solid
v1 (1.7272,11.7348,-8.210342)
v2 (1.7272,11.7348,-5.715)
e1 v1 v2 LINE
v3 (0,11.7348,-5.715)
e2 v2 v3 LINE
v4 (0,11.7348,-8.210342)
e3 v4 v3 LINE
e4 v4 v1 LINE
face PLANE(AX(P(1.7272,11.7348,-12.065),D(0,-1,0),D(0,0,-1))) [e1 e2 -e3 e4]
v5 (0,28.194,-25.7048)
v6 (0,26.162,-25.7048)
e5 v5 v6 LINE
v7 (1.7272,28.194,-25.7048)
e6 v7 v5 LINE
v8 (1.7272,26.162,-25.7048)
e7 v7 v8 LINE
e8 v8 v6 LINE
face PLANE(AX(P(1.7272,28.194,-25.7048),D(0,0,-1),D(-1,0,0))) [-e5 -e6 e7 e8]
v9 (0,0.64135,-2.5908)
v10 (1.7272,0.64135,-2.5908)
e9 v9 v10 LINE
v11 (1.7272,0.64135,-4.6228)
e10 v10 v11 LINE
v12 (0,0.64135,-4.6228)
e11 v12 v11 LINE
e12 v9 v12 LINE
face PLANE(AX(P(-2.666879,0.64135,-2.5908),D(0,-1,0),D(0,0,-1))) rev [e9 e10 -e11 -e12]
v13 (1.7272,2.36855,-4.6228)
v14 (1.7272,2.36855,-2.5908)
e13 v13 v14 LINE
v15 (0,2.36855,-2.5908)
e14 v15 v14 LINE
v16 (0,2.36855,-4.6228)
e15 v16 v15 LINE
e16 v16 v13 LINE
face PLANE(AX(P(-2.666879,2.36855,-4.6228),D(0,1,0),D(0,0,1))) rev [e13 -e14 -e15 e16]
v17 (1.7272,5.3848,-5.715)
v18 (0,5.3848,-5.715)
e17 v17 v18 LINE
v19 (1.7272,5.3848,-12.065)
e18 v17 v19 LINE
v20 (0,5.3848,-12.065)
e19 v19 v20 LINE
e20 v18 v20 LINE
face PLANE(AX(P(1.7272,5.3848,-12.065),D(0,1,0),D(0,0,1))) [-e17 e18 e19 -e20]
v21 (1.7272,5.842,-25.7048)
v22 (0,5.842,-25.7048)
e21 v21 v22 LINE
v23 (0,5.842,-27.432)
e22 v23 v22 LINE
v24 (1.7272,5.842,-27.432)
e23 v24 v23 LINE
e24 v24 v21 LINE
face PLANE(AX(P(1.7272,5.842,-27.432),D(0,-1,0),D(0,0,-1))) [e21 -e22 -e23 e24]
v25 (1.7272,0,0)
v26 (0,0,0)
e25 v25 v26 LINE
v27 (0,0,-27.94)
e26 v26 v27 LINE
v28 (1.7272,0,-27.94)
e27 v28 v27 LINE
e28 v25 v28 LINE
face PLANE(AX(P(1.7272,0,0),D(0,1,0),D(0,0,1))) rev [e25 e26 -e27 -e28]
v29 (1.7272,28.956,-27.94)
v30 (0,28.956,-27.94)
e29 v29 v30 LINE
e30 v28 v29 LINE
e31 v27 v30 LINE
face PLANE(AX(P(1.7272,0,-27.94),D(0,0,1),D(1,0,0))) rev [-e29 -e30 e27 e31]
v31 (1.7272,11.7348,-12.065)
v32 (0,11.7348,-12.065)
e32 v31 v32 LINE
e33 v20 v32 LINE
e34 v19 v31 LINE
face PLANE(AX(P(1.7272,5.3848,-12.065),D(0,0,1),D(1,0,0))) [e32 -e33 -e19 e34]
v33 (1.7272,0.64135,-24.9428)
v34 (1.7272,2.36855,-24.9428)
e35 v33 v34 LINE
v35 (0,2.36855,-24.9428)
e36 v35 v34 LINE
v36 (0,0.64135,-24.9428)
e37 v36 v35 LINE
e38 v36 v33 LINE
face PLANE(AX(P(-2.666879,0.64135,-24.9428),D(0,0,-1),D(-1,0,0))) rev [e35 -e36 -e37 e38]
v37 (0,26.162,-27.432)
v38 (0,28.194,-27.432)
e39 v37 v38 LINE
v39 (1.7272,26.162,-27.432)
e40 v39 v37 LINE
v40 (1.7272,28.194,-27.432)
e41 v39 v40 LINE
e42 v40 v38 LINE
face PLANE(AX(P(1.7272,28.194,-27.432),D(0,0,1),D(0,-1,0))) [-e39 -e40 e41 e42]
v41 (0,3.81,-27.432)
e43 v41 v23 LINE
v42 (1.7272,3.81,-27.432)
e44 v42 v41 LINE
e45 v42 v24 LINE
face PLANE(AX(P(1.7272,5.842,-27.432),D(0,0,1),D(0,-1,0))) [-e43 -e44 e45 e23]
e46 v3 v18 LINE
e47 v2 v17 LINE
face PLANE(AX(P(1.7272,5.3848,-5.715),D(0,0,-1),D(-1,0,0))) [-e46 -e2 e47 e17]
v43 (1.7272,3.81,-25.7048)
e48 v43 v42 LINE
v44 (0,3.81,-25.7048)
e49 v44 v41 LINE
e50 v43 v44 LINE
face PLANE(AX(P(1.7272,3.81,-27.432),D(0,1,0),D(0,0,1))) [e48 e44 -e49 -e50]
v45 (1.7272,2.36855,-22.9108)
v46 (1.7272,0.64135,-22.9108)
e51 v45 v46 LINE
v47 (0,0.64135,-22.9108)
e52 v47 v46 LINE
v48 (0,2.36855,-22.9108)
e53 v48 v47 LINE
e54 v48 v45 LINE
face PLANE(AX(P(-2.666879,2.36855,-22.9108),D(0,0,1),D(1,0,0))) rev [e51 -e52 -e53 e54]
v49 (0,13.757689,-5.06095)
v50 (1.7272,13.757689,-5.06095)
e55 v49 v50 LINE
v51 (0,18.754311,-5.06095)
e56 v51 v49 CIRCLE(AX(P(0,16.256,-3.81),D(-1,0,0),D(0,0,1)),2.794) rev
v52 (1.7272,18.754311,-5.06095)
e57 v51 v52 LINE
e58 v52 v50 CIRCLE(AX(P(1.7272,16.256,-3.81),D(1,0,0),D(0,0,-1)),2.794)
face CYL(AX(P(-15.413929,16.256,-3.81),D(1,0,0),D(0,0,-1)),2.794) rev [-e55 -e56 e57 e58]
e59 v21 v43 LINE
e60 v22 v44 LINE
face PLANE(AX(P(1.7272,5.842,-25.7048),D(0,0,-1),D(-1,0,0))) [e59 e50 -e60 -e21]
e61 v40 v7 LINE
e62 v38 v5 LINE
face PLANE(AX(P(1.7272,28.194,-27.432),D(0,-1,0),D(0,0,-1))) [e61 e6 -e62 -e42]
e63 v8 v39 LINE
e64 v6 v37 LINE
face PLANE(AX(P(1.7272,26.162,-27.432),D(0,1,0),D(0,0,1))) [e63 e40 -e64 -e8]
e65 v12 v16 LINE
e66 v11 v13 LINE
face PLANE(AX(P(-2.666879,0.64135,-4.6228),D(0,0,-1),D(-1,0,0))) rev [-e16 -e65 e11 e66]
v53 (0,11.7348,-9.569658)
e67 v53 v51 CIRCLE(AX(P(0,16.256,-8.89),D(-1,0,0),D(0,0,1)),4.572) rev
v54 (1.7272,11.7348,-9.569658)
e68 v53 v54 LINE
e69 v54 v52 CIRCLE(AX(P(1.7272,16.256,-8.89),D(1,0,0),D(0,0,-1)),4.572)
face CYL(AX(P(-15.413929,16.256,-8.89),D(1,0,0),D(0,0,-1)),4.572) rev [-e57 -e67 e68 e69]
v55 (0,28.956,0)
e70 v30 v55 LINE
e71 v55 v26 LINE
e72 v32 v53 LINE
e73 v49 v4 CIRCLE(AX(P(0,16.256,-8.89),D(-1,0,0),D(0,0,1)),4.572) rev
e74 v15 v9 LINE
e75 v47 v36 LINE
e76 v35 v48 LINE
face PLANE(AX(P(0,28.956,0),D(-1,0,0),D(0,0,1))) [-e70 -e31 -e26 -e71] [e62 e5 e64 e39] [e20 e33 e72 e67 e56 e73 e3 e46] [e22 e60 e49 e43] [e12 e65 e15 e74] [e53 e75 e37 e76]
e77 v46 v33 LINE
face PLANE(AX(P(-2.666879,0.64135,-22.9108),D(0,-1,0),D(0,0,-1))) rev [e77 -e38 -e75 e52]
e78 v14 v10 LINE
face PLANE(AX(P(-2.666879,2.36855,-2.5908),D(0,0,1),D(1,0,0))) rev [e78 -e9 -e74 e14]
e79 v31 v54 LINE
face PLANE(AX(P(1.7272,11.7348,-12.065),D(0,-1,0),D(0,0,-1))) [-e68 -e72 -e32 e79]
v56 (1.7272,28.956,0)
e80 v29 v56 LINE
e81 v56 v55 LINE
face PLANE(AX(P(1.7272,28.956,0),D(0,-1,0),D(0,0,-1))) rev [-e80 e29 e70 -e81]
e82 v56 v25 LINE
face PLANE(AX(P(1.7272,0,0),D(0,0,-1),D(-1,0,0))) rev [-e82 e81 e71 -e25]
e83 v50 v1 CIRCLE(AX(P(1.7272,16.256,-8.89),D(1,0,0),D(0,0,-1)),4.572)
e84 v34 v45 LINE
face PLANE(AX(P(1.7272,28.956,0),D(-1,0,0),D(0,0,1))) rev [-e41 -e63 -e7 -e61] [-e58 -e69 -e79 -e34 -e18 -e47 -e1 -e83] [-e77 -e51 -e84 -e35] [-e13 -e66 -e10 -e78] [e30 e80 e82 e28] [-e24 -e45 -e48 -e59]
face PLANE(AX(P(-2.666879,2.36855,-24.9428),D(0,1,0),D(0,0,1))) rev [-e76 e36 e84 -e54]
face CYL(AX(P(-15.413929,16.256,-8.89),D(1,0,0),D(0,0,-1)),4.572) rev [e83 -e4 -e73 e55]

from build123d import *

# Parameters (mm, degrees)
SKETCH1_W           = 27.94
SKETCH1_H           = 28.956
SKETCH1_W_2         = 6.35
SKETCH1_H_2         = 6.35
SKETCH1_W_3         = 1.7272
SKETCH1_H_3         = 2.032
BOSS_EXTRUDE1_DEPTH = 1.7272
SKETCH3_W           = 2.032
SKETCH3_H           = 1.7272
CUT_EXTRUDE1_DEPTH  = 1.7272
SKETCH4_R           = 4.572
SKETCH4_R_2         = 2.794
CUT_EXTRUDE4_DEPTH  = 1.7272


with BuildPart() as part:
    # Sketch1 → Boss-Extrude1 (new body)
    with BuildSketch(Plane(origin=(0, 0, 0), x_dir=(0, 0, -1), z_dir=(1, 0, 0))):
        with Locations((13.97, 14.478)):
            Rectangle(SKETCH1_W, SKETCH1_H)
        with Locations((8.89, 8.5598)):
            Rectangle(SKETCH1_W_2, SKETCH1_H_2, mode=Mode.SUBTRACT)
        with Locations((26.5684, 4.826)):
            Rectangle(SKETCH1_W_3, SKETCH1_H_3, mode=Mode.SUBTRACT)
        with Locations((26.5684, 27.178)):
            Rectangle(SKETCH1_W_3, SKETCH1_H_3, mode=Mode.SUBTRACT)
    extrude(amount=BOSS_EXTRUDE1_DEPTH)

    # Sketch3 → Cut-Extrude1 (cut)
    with BuildSketch(Plane(origin=(1.7272, 0, 0), x_dir=(0, 0, -1), z_dir=(1, 0, 0))):
        with Locations((3.6068, 1.50495)):
            Rectangle(SKETCH3_W, SKETCH3_H)
        with Locations((23.9268, 1.50495)):
            Rectangle(SKETCH3_W, SKETCH3_H)
    extrude(amount=-CUT_EXTRUDE1_DEPTH, mode=Mode.SUBTRACT)

    # Sketch4 → Cut-Extrude4 (cut)
    with BuildSketch(Plane(origin=(1.7272, 0, 0), x_dir=(0, 0, -1), z_dir=(1, 0, 0))):
        with BuildLine():
            ThreePointArc((9.569657679, 11.7348), (12.354864998, 13.273066118), (13.462, 16.256))
            ThreePointArc((13.462, 16.256), (10.193220511, 20.638328183), (5.06095, 18.754311449))
            ThreePointArc((5.06095, 18.754311449), (6.18714012, 17.724210084), (6.604, 16.256))
            ThreePointArc((6.604, 16.256), (6.18714012, 14.787789916), (5.06095, 13.757688551))
            ThreePointArc((5.06095, 13.757688551), (6.41914372, 12.409176213), (8.210342321, 11.7348))
            Line((8.210342321, 11.7348), (9.569657679, 11.7348))
        make_face()
        with Locations((8.89, 16.256)):
            Circle(SKETCH4_R)
        with Locations((3.81, 16.256)):
            Circle(SKETCH4_R_2)
    extrude(amount=-CUT_EXTRUDE4_DEPTH, mode=Mode.SUBTRACT)


solid = part.part
